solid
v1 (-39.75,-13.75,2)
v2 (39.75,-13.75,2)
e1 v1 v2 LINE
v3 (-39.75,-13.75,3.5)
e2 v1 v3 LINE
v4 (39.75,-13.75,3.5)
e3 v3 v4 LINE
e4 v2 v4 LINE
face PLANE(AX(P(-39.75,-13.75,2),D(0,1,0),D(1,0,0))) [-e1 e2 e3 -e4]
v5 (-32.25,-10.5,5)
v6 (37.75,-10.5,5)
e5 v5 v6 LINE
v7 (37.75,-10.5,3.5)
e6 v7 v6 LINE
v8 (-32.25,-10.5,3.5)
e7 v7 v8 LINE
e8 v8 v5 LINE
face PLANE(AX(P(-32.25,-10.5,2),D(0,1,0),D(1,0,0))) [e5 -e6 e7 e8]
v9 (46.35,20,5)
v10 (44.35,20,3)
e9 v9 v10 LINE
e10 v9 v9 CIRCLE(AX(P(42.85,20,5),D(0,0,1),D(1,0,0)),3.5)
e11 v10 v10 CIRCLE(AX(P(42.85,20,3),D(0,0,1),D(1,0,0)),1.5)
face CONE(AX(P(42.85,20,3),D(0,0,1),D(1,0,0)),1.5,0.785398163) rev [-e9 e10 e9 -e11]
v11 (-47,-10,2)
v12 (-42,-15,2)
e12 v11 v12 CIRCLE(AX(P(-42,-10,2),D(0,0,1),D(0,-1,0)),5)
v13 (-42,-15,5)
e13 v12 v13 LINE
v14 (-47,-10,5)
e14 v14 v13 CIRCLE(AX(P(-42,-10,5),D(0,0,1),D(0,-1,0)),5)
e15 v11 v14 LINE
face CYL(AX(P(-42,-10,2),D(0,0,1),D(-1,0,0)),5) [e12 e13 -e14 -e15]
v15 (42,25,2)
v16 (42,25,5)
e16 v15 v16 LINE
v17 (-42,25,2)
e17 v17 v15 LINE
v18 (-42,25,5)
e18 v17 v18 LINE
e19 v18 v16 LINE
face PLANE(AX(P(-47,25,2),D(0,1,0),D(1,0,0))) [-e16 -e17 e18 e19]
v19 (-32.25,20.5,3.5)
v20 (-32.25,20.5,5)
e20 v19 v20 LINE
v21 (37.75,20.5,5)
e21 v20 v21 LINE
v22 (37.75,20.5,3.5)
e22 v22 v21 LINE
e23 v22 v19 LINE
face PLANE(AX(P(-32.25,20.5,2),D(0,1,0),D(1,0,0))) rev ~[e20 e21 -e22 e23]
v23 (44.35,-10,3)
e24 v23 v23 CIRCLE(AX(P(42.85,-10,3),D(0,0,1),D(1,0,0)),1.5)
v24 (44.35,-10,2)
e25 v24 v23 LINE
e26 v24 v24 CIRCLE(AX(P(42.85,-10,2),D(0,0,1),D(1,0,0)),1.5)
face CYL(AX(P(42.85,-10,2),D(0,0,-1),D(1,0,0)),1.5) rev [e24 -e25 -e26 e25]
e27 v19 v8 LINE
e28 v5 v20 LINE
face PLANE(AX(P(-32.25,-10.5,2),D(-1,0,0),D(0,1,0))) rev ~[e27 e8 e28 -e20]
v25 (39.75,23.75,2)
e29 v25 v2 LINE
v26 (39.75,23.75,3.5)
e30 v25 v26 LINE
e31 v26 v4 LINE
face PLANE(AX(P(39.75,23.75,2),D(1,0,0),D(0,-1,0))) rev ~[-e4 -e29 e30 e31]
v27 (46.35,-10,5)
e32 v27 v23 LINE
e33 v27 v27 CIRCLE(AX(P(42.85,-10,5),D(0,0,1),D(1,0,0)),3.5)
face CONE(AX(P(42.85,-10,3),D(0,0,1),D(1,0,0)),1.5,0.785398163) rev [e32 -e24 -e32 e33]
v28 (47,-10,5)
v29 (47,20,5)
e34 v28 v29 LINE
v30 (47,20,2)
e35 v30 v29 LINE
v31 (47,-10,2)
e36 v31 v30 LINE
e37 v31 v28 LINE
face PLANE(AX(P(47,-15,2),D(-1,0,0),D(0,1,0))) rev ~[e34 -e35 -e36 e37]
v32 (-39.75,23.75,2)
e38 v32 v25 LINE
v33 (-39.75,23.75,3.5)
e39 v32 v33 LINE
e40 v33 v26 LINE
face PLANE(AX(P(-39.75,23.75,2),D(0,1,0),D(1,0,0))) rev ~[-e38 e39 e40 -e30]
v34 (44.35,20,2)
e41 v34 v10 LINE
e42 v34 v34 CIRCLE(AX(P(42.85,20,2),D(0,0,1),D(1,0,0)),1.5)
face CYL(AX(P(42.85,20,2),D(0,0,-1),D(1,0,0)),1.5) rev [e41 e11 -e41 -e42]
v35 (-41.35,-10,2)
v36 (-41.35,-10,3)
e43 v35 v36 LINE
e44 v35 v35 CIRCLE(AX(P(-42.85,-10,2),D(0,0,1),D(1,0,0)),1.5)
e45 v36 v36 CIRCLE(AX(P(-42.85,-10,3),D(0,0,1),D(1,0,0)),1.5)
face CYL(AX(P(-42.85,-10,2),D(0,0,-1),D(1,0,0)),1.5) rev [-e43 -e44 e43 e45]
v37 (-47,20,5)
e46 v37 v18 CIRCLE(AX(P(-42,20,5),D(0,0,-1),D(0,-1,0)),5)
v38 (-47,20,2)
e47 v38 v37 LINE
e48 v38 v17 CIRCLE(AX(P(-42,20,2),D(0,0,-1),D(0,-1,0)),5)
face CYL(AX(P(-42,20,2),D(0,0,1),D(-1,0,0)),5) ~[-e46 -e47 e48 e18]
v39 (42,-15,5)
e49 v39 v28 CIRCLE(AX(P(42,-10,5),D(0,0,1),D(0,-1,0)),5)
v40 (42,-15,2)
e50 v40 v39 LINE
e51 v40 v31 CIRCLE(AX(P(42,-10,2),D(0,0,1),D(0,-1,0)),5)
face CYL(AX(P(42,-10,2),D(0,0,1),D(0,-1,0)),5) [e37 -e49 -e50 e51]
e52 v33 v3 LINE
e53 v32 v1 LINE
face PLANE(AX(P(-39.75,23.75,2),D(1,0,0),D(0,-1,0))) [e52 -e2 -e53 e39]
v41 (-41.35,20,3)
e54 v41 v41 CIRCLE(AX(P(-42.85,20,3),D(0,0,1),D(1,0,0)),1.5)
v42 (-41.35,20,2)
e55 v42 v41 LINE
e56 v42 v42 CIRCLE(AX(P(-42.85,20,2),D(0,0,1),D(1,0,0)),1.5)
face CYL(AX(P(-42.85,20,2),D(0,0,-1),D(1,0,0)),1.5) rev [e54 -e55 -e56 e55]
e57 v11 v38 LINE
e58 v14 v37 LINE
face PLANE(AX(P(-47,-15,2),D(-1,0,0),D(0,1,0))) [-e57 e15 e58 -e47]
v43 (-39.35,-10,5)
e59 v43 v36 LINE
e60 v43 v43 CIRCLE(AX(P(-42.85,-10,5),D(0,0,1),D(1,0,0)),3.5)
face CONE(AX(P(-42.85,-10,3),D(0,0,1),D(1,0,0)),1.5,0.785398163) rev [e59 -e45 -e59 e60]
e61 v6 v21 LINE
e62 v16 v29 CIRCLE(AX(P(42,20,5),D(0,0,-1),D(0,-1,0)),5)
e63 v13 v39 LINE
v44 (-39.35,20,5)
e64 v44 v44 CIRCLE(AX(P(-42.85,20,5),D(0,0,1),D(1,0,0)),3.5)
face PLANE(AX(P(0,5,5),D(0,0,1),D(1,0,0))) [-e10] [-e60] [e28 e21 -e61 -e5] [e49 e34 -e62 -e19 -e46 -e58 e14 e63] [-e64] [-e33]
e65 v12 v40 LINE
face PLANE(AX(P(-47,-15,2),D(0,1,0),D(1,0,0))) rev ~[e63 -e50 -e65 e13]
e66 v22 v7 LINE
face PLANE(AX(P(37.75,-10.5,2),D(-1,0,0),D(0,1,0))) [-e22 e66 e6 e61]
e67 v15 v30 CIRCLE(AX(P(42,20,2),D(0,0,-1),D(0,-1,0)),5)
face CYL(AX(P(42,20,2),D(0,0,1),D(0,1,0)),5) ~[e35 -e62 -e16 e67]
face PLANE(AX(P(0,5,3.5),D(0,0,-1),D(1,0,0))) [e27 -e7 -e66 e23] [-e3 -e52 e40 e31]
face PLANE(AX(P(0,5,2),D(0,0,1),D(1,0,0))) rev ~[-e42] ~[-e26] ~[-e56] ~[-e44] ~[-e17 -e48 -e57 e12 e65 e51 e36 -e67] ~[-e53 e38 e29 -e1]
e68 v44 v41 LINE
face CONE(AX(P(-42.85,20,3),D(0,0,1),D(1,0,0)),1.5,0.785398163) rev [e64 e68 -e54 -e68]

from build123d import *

# Parameters (mm, degrees)
SKETCH001_W   = 94
SKETCH001_H   = 40
SKETCH001_R   = 1.5
SKETCH001_W_2 = 70
SKETCH001_H_2 = 31
PAD001_DEPTH  = 3
SKETCH002_W   = 79.5
SKETCH002_H   = 37.5
POCKET_DEPTH  = 1.5
FILLET_R      = 5
CHAMFER_SIZE  = 2


with BuildPart() as part:
    # Sketch001 → Pad001 (new body)
    with BuildSketch(Plane.XY):
        Rectangle(SKETCH001_W, SKETCH001_H)
        with Locations((-42.85, 15)):
            Circle(SKETCH001_R, mode=Mode.SUBTRACT)
        with Locations((-42.85, -15)):
            Circle(SKETCH001_R, mode=Mode.SUBTRACT)
        with Locations((42.85, 15)):
            Circle(SKETCH001_R, mode=Mode.SUBTRACT)
        with Locations((42.85, -15)):
            Circle(SKETCH001_R, mode=Mode.SUBTRACT)
        with Locations((2.75, 0)):
            Rectangle(SKETCH001_W_2, SKETCH001_H_2, mode=Mode.SUBTRACT)
    extrude(amount=PAD001_DEPTH)

    # Sketch002 (on Face13 of Pad001) → Pocket (cut)
    with BuildSketch(Plane(origin=(0, 0, 0), x_dir=(1, 0, 0), z_dir=(0, 0, -1))):
        Rectangle(SKETCH002_W, SKETCH002_H)
    extrude(amount=-POCKET_DEPTH, mode=Mode.SUBTRACT)

    # Fillet
    fillet_edges = [part.edges().sort_by_distance(p)[0] for p in [
        (-47, -20, 1.5),
        (-47, 20, 1.5),
        (47, -20, 1.5),
        (47, 20, 1.5),
    ]]
    fillet(fillet_edges, radius=FILLET_R)

    # Chamfer
    chamfer_edges = [part.edges().sort_by_distance(p)[0] for p in [
        (41.35, -15, 3),
        (41.35, 15, 3),
        (-44.35, -15, 3),
        (-44.35, 15, 3),
    ]]
    chamfer(chamfer_edges, length=CHAMFER_SIZE)


with BuildPart() as part_1:
    # Body001 placement: moved
    add(part.part.moved(Location((0, 5, 2))))


solid = part_1.part
